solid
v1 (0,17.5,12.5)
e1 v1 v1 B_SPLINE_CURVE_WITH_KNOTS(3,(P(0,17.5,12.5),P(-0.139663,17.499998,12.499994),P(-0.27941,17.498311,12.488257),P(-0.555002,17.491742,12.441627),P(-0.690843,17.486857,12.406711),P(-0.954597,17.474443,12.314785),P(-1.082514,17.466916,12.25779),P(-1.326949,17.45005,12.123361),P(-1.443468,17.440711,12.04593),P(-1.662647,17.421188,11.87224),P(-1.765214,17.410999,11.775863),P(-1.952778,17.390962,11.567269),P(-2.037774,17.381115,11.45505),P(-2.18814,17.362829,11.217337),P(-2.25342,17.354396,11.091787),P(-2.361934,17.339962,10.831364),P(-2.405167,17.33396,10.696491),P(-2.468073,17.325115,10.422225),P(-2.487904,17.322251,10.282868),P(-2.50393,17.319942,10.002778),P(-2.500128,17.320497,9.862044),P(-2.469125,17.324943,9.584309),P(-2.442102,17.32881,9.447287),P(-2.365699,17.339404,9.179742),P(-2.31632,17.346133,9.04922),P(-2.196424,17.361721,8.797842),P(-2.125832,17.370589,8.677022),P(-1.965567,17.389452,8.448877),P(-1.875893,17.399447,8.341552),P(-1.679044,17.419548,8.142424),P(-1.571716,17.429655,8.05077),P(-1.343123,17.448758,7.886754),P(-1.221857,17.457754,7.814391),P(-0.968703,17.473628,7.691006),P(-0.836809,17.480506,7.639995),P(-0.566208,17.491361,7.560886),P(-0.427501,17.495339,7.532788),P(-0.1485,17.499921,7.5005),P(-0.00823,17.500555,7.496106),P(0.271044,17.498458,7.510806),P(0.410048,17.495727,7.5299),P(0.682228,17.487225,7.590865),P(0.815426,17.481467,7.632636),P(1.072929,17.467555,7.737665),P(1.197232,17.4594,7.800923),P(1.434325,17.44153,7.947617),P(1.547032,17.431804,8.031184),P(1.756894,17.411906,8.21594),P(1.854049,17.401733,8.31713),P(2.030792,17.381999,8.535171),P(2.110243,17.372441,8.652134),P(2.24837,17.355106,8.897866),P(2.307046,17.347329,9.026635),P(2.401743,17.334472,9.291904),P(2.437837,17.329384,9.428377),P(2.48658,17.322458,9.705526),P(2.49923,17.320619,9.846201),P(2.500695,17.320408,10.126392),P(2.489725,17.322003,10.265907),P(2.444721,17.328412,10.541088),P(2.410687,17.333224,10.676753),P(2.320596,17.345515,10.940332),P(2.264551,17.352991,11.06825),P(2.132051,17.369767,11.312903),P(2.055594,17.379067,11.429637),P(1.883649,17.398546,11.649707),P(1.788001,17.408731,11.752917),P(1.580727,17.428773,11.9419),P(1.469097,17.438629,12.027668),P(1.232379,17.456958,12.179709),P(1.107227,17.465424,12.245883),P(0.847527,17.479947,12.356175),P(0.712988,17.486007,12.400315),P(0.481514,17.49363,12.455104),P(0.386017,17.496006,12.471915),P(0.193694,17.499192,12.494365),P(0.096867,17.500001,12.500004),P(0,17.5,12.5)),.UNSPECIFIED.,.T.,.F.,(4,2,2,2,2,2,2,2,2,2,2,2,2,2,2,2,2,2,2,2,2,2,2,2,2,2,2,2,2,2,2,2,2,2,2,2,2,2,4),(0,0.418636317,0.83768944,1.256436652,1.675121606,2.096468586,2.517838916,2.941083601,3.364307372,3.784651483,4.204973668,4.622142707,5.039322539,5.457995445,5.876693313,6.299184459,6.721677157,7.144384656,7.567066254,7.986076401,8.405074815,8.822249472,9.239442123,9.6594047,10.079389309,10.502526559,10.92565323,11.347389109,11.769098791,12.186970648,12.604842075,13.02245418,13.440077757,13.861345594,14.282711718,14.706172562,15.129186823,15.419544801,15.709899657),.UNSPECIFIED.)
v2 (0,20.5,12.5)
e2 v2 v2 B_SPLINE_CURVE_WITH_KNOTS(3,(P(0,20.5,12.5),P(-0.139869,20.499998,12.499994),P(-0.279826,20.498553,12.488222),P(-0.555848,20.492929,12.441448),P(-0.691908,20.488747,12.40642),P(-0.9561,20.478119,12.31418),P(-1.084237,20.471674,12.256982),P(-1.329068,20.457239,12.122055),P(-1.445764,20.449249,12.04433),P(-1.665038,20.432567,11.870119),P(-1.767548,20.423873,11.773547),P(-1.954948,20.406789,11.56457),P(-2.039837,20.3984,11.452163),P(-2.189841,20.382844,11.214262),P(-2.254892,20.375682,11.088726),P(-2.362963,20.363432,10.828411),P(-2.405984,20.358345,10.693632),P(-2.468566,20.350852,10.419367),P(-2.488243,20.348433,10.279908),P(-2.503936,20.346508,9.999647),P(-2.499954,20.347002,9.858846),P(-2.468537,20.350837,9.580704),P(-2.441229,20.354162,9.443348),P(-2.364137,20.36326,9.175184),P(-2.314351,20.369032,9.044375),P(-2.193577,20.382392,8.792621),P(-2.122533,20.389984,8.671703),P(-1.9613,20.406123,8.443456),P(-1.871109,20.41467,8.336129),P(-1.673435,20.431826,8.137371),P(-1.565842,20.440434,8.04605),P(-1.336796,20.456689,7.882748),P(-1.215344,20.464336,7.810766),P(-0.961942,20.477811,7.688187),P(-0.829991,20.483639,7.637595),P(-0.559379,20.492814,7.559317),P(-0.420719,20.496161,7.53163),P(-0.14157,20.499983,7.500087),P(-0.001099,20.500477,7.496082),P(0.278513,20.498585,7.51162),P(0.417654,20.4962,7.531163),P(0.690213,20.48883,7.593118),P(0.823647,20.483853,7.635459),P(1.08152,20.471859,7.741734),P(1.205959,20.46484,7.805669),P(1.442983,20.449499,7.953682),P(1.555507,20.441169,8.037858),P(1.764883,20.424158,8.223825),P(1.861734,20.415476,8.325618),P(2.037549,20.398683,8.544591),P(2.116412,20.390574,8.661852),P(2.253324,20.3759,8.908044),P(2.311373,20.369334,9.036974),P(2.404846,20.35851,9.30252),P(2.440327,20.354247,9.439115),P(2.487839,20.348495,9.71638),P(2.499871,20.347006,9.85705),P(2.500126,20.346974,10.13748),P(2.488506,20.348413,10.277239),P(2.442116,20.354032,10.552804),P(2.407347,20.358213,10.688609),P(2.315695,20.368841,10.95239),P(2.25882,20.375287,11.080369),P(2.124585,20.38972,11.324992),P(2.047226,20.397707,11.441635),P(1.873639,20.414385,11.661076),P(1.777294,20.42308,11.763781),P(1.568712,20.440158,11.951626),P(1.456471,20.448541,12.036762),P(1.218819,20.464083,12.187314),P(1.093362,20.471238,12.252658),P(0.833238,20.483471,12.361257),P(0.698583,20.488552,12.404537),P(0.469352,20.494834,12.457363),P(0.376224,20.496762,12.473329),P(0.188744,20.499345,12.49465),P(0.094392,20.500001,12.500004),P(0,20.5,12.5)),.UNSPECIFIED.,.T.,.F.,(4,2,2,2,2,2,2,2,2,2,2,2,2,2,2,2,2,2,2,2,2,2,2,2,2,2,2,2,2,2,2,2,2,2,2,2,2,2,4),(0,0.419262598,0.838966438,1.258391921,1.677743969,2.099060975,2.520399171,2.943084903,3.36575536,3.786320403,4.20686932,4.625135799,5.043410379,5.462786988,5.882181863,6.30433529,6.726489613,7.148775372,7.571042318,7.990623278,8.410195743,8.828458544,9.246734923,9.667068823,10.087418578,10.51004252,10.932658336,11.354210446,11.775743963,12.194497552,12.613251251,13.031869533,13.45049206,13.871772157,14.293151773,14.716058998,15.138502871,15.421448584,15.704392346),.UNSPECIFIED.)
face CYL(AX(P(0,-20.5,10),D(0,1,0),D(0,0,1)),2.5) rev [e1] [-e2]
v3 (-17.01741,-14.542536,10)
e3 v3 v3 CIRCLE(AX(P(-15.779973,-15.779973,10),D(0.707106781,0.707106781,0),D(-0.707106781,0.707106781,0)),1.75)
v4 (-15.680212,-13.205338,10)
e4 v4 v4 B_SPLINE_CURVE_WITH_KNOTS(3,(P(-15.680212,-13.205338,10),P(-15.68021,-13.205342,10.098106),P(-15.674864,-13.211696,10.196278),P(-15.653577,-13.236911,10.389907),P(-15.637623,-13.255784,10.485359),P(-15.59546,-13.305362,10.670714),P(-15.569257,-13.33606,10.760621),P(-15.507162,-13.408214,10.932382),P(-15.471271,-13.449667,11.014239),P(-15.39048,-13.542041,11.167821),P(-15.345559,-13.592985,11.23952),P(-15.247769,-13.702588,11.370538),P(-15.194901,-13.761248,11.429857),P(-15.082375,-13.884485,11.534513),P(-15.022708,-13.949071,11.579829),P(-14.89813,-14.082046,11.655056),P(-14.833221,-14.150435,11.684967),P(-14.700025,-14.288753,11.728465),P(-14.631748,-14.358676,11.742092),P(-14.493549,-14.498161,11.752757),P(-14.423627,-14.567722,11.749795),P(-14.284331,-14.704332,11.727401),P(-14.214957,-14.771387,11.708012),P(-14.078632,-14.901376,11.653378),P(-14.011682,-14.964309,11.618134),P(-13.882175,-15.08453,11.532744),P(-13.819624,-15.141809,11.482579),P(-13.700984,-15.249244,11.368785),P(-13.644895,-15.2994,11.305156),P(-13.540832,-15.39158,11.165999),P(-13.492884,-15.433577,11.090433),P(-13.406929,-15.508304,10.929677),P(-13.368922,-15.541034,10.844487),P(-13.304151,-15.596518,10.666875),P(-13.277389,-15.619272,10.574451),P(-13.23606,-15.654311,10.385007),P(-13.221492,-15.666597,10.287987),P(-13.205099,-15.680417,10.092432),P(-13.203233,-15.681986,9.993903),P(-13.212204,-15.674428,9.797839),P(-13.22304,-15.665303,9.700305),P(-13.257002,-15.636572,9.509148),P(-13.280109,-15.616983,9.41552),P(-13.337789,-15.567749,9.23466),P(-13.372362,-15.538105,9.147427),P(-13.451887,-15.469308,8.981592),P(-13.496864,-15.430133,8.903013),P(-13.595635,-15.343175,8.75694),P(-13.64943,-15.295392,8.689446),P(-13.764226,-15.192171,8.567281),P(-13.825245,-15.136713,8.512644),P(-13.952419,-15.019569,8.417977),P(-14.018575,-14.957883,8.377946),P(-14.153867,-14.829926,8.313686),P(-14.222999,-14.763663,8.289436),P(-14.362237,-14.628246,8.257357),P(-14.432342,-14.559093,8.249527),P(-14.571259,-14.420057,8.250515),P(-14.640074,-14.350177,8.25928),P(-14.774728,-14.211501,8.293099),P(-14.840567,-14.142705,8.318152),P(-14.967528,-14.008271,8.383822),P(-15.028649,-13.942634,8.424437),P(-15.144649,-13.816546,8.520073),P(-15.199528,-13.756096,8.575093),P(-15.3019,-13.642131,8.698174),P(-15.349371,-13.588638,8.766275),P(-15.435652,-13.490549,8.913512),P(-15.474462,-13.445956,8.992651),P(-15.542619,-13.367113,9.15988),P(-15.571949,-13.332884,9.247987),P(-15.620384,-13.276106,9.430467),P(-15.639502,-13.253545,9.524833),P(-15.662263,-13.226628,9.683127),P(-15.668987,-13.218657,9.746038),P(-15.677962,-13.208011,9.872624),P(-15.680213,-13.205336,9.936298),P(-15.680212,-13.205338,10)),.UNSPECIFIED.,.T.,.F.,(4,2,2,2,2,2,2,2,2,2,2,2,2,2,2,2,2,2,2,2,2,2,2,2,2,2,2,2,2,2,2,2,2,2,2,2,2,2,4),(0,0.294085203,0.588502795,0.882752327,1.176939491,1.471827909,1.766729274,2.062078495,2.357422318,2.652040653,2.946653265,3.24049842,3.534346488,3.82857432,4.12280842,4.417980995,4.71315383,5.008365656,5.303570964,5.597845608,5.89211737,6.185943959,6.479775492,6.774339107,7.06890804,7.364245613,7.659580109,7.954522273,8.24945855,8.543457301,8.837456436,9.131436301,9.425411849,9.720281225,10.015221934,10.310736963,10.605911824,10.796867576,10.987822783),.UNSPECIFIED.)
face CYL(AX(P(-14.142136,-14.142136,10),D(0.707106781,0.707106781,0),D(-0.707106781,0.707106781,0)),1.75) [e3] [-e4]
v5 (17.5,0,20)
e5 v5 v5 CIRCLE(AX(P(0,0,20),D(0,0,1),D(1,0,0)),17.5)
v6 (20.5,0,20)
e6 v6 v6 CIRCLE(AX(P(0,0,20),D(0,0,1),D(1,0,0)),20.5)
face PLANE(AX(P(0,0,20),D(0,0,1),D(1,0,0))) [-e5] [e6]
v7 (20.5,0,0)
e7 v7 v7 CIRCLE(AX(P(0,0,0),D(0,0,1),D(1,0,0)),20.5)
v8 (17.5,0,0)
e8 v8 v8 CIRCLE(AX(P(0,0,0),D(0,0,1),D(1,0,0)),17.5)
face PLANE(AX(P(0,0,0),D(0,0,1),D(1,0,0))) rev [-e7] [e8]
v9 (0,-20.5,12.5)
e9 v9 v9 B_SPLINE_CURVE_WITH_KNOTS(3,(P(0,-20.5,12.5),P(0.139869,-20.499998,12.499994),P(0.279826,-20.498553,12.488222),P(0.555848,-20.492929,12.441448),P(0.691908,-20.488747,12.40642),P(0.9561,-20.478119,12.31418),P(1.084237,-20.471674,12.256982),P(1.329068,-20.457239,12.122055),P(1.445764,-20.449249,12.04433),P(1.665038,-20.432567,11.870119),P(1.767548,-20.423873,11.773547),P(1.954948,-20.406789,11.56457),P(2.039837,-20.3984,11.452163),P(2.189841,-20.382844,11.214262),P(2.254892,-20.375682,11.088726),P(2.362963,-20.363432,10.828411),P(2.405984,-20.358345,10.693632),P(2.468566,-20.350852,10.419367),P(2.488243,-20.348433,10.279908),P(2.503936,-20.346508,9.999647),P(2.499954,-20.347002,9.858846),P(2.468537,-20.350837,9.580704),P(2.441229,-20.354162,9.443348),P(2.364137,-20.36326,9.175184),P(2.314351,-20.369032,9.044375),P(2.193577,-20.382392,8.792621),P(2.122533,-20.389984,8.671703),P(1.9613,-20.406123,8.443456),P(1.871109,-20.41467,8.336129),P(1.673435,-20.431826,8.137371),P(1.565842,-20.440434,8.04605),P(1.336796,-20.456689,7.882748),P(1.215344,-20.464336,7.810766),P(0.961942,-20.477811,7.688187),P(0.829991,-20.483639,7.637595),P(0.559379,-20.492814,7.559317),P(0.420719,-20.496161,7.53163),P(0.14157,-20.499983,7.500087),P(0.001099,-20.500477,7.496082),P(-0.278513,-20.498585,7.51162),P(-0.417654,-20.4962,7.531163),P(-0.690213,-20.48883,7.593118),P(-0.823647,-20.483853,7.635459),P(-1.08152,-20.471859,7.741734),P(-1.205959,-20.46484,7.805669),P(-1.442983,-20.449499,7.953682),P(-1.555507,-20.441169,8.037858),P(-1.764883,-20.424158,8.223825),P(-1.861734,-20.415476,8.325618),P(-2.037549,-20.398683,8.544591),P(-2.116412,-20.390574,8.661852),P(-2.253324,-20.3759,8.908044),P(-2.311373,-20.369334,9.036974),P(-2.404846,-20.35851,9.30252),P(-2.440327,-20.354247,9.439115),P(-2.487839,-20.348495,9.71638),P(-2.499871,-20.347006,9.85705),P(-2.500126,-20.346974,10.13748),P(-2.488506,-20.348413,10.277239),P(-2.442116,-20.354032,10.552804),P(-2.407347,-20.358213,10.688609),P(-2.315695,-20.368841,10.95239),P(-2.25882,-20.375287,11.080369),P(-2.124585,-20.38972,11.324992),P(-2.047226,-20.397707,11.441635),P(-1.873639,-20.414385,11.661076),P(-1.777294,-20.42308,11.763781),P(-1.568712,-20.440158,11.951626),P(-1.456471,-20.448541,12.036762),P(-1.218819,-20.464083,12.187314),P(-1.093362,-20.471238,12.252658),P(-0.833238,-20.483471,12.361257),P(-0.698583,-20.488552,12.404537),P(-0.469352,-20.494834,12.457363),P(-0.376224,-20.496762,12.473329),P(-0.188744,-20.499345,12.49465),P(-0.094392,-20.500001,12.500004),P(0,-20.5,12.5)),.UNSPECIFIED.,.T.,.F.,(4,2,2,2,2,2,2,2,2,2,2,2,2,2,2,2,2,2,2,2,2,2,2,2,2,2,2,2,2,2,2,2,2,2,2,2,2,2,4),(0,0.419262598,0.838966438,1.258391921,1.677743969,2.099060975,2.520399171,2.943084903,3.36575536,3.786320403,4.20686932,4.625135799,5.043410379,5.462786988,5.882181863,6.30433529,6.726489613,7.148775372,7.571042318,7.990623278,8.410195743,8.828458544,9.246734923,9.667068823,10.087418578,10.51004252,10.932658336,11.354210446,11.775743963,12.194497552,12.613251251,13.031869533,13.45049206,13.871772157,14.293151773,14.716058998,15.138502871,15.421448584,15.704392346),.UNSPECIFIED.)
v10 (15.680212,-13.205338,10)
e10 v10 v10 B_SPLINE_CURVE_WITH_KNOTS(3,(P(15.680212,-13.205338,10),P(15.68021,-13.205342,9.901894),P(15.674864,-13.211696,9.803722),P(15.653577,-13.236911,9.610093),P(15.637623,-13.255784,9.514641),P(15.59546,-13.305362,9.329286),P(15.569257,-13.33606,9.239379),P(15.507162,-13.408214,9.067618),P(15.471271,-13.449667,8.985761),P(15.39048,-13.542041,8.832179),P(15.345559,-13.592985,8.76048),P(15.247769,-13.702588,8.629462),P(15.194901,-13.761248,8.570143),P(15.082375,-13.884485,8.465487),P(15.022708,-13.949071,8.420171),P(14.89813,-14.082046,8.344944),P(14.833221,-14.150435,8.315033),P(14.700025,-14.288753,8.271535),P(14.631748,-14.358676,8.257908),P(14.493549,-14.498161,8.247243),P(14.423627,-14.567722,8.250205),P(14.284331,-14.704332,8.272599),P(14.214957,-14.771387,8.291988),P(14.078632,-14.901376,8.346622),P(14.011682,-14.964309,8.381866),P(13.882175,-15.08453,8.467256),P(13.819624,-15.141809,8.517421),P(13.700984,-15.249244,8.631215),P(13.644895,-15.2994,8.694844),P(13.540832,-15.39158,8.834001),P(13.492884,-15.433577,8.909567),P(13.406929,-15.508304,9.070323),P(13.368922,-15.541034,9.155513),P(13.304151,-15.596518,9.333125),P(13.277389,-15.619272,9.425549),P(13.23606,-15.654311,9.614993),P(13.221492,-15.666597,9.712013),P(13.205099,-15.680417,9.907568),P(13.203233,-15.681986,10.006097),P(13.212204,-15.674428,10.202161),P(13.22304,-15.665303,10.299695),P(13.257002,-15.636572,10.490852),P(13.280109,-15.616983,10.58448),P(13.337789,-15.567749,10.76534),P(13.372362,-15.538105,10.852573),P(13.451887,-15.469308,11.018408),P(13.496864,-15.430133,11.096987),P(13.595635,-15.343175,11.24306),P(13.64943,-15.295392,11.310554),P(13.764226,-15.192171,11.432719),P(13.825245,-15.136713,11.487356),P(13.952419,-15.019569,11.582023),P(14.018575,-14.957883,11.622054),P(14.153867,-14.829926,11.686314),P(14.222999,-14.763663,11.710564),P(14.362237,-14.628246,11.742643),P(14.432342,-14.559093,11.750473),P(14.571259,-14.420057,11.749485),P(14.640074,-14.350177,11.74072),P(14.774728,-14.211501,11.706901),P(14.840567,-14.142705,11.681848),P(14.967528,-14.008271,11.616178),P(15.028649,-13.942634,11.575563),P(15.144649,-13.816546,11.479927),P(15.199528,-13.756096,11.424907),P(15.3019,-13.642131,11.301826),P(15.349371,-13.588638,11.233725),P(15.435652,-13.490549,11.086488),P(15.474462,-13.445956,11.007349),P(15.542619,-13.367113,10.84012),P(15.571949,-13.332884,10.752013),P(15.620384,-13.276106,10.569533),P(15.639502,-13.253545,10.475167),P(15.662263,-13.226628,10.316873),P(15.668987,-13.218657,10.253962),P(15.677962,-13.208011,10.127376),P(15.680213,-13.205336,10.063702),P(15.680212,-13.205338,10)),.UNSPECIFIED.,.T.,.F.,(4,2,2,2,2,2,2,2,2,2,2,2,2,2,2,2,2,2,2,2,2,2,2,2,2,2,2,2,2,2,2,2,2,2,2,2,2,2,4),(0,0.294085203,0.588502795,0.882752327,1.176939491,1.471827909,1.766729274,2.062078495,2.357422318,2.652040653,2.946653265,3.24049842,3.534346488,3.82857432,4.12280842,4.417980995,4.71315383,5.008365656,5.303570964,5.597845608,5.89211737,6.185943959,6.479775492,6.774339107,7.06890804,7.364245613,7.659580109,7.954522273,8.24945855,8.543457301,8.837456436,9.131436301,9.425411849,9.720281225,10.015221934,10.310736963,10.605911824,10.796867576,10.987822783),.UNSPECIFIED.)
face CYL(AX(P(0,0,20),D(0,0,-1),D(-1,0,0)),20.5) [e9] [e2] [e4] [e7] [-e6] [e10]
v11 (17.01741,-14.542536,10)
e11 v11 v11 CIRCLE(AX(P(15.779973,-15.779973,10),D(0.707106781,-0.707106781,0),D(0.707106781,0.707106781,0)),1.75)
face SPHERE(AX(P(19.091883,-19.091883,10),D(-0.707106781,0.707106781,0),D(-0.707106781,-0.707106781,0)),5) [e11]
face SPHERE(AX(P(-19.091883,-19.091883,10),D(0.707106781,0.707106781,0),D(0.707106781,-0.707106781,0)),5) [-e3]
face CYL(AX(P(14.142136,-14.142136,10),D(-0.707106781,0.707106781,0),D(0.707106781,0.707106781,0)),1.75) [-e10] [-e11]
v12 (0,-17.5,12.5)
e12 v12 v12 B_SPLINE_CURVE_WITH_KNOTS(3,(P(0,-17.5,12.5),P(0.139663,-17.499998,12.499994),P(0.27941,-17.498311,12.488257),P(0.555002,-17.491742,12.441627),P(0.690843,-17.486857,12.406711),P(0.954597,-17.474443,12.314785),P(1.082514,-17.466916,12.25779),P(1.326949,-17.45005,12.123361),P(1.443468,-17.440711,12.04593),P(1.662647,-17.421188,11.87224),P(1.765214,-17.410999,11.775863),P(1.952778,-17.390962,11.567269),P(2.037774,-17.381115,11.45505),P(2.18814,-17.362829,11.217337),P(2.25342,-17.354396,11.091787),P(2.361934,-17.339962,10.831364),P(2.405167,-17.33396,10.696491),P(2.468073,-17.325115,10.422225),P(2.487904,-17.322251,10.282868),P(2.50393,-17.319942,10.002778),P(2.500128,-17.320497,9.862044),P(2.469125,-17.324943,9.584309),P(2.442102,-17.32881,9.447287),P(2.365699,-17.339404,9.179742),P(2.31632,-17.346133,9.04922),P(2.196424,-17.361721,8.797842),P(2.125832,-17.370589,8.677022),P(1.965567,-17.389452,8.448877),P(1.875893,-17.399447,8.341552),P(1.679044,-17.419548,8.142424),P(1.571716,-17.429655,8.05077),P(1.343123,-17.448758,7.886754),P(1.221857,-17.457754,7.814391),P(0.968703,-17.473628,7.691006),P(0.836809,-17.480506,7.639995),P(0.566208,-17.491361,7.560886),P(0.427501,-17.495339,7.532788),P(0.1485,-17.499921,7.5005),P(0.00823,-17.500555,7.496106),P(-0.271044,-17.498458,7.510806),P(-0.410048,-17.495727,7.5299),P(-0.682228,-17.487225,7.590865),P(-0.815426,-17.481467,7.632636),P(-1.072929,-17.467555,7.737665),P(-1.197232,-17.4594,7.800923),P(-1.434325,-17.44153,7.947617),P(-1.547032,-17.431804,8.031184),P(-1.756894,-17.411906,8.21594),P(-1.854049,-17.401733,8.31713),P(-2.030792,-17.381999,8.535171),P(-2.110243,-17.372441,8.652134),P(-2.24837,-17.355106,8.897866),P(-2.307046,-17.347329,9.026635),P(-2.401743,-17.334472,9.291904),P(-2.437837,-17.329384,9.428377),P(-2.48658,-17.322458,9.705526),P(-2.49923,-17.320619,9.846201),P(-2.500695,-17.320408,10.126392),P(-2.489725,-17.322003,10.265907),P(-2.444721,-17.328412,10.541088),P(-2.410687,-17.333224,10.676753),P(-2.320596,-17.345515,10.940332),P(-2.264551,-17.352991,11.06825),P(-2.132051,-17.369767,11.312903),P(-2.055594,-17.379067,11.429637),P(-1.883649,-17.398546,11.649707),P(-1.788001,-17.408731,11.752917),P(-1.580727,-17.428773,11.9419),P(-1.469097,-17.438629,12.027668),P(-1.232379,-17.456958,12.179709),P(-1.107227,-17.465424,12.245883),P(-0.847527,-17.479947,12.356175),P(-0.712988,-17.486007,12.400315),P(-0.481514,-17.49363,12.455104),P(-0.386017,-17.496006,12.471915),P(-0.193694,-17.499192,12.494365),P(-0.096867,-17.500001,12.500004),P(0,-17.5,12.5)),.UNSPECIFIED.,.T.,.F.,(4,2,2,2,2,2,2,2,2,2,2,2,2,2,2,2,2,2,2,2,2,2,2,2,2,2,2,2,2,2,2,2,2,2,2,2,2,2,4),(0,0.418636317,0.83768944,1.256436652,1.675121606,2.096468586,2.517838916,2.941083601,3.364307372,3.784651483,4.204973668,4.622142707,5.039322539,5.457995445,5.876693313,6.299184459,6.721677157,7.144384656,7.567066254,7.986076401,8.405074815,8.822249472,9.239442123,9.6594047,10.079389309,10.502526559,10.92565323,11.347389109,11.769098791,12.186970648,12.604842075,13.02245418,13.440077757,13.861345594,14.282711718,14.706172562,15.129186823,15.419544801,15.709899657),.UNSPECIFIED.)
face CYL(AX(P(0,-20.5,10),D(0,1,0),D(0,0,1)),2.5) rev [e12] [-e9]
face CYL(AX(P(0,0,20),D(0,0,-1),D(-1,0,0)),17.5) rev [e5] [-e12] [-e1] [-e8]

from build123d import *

# Parameters (mm, degrees)
SKETCH1_R               = 20.5
SKETCH1_R_2             = 17.5
BOSS_EXTRUDE1_DEPTH     = 20
SKETCH2_R               = 2.5
CUT_EXTRUDE1_DEPTH      = 21.5
CUT_EXTRUDE1_DEPTH_BACK = 21.5


with BuildPart() as part:
    # Sketch1 → Boss-Extrude1 (new body)
    with BuildSketch(Plane.XY):
        Circle(SKETCH1_R)
        Circle(SKETCH1_R_2, mode=Mode.SUBTRACT)
    extrude(amount=BOSS_EXTRUDE1_DEPTH)

    # Sketch2 → Cut-Extrude1 (cut, two sides)
    with BuildSketch(Plane(origin=(0, 0, 0), x_dir=(1, 0, 0), z_dir=(0, 1, 0))) as cut_extrude1_sk:
        with Locations((0, -10)):
            Circle(SKETCH2_R)
    extrude(amount=CUT_EXTRUDE1_DEPTH, mode=Mode.SUBTRACT)
    extrude(cut_extrude1_sk.sketch, amount=-CUT_EXTRUDE1_DEPTH_BACK, mode=Mode.SUBTRACT)

    # Sketch4 → Revolve1 (revolve)
    with BuildSketch(Plane(origin=(0, 0, 10), x_dir=(-1, 0, 0), z_dir=(0, 0, -1))):
        with BuildLine():
            Line((14.142135624, -14.142135624), (22.627416998, -22.627416998))
            ThreePointArc((22.627416998, -22.627416998), (16.241444529, -23.199802273), (14.5425359, -17.017409634))
            Line((14.5425359, -17.017409634), (12.904698757, -15.379572491))
            Line((12.904698757, -15.379572491), (14.142135624, -14.142135624))
        make_face()
    revolve1 = revolve(axis=Axis((-14.142135624, -14.142135624, 10), (-0.707106781, -0.707106781, 0)))

    # Mirror1: Revolve1 across plane
    add(revolve1.mirror(Plane(origin=(0, 0, 0), x_dir=(0, 0, 1), z_dir=(1, 0, 0))))


solid = part.part
